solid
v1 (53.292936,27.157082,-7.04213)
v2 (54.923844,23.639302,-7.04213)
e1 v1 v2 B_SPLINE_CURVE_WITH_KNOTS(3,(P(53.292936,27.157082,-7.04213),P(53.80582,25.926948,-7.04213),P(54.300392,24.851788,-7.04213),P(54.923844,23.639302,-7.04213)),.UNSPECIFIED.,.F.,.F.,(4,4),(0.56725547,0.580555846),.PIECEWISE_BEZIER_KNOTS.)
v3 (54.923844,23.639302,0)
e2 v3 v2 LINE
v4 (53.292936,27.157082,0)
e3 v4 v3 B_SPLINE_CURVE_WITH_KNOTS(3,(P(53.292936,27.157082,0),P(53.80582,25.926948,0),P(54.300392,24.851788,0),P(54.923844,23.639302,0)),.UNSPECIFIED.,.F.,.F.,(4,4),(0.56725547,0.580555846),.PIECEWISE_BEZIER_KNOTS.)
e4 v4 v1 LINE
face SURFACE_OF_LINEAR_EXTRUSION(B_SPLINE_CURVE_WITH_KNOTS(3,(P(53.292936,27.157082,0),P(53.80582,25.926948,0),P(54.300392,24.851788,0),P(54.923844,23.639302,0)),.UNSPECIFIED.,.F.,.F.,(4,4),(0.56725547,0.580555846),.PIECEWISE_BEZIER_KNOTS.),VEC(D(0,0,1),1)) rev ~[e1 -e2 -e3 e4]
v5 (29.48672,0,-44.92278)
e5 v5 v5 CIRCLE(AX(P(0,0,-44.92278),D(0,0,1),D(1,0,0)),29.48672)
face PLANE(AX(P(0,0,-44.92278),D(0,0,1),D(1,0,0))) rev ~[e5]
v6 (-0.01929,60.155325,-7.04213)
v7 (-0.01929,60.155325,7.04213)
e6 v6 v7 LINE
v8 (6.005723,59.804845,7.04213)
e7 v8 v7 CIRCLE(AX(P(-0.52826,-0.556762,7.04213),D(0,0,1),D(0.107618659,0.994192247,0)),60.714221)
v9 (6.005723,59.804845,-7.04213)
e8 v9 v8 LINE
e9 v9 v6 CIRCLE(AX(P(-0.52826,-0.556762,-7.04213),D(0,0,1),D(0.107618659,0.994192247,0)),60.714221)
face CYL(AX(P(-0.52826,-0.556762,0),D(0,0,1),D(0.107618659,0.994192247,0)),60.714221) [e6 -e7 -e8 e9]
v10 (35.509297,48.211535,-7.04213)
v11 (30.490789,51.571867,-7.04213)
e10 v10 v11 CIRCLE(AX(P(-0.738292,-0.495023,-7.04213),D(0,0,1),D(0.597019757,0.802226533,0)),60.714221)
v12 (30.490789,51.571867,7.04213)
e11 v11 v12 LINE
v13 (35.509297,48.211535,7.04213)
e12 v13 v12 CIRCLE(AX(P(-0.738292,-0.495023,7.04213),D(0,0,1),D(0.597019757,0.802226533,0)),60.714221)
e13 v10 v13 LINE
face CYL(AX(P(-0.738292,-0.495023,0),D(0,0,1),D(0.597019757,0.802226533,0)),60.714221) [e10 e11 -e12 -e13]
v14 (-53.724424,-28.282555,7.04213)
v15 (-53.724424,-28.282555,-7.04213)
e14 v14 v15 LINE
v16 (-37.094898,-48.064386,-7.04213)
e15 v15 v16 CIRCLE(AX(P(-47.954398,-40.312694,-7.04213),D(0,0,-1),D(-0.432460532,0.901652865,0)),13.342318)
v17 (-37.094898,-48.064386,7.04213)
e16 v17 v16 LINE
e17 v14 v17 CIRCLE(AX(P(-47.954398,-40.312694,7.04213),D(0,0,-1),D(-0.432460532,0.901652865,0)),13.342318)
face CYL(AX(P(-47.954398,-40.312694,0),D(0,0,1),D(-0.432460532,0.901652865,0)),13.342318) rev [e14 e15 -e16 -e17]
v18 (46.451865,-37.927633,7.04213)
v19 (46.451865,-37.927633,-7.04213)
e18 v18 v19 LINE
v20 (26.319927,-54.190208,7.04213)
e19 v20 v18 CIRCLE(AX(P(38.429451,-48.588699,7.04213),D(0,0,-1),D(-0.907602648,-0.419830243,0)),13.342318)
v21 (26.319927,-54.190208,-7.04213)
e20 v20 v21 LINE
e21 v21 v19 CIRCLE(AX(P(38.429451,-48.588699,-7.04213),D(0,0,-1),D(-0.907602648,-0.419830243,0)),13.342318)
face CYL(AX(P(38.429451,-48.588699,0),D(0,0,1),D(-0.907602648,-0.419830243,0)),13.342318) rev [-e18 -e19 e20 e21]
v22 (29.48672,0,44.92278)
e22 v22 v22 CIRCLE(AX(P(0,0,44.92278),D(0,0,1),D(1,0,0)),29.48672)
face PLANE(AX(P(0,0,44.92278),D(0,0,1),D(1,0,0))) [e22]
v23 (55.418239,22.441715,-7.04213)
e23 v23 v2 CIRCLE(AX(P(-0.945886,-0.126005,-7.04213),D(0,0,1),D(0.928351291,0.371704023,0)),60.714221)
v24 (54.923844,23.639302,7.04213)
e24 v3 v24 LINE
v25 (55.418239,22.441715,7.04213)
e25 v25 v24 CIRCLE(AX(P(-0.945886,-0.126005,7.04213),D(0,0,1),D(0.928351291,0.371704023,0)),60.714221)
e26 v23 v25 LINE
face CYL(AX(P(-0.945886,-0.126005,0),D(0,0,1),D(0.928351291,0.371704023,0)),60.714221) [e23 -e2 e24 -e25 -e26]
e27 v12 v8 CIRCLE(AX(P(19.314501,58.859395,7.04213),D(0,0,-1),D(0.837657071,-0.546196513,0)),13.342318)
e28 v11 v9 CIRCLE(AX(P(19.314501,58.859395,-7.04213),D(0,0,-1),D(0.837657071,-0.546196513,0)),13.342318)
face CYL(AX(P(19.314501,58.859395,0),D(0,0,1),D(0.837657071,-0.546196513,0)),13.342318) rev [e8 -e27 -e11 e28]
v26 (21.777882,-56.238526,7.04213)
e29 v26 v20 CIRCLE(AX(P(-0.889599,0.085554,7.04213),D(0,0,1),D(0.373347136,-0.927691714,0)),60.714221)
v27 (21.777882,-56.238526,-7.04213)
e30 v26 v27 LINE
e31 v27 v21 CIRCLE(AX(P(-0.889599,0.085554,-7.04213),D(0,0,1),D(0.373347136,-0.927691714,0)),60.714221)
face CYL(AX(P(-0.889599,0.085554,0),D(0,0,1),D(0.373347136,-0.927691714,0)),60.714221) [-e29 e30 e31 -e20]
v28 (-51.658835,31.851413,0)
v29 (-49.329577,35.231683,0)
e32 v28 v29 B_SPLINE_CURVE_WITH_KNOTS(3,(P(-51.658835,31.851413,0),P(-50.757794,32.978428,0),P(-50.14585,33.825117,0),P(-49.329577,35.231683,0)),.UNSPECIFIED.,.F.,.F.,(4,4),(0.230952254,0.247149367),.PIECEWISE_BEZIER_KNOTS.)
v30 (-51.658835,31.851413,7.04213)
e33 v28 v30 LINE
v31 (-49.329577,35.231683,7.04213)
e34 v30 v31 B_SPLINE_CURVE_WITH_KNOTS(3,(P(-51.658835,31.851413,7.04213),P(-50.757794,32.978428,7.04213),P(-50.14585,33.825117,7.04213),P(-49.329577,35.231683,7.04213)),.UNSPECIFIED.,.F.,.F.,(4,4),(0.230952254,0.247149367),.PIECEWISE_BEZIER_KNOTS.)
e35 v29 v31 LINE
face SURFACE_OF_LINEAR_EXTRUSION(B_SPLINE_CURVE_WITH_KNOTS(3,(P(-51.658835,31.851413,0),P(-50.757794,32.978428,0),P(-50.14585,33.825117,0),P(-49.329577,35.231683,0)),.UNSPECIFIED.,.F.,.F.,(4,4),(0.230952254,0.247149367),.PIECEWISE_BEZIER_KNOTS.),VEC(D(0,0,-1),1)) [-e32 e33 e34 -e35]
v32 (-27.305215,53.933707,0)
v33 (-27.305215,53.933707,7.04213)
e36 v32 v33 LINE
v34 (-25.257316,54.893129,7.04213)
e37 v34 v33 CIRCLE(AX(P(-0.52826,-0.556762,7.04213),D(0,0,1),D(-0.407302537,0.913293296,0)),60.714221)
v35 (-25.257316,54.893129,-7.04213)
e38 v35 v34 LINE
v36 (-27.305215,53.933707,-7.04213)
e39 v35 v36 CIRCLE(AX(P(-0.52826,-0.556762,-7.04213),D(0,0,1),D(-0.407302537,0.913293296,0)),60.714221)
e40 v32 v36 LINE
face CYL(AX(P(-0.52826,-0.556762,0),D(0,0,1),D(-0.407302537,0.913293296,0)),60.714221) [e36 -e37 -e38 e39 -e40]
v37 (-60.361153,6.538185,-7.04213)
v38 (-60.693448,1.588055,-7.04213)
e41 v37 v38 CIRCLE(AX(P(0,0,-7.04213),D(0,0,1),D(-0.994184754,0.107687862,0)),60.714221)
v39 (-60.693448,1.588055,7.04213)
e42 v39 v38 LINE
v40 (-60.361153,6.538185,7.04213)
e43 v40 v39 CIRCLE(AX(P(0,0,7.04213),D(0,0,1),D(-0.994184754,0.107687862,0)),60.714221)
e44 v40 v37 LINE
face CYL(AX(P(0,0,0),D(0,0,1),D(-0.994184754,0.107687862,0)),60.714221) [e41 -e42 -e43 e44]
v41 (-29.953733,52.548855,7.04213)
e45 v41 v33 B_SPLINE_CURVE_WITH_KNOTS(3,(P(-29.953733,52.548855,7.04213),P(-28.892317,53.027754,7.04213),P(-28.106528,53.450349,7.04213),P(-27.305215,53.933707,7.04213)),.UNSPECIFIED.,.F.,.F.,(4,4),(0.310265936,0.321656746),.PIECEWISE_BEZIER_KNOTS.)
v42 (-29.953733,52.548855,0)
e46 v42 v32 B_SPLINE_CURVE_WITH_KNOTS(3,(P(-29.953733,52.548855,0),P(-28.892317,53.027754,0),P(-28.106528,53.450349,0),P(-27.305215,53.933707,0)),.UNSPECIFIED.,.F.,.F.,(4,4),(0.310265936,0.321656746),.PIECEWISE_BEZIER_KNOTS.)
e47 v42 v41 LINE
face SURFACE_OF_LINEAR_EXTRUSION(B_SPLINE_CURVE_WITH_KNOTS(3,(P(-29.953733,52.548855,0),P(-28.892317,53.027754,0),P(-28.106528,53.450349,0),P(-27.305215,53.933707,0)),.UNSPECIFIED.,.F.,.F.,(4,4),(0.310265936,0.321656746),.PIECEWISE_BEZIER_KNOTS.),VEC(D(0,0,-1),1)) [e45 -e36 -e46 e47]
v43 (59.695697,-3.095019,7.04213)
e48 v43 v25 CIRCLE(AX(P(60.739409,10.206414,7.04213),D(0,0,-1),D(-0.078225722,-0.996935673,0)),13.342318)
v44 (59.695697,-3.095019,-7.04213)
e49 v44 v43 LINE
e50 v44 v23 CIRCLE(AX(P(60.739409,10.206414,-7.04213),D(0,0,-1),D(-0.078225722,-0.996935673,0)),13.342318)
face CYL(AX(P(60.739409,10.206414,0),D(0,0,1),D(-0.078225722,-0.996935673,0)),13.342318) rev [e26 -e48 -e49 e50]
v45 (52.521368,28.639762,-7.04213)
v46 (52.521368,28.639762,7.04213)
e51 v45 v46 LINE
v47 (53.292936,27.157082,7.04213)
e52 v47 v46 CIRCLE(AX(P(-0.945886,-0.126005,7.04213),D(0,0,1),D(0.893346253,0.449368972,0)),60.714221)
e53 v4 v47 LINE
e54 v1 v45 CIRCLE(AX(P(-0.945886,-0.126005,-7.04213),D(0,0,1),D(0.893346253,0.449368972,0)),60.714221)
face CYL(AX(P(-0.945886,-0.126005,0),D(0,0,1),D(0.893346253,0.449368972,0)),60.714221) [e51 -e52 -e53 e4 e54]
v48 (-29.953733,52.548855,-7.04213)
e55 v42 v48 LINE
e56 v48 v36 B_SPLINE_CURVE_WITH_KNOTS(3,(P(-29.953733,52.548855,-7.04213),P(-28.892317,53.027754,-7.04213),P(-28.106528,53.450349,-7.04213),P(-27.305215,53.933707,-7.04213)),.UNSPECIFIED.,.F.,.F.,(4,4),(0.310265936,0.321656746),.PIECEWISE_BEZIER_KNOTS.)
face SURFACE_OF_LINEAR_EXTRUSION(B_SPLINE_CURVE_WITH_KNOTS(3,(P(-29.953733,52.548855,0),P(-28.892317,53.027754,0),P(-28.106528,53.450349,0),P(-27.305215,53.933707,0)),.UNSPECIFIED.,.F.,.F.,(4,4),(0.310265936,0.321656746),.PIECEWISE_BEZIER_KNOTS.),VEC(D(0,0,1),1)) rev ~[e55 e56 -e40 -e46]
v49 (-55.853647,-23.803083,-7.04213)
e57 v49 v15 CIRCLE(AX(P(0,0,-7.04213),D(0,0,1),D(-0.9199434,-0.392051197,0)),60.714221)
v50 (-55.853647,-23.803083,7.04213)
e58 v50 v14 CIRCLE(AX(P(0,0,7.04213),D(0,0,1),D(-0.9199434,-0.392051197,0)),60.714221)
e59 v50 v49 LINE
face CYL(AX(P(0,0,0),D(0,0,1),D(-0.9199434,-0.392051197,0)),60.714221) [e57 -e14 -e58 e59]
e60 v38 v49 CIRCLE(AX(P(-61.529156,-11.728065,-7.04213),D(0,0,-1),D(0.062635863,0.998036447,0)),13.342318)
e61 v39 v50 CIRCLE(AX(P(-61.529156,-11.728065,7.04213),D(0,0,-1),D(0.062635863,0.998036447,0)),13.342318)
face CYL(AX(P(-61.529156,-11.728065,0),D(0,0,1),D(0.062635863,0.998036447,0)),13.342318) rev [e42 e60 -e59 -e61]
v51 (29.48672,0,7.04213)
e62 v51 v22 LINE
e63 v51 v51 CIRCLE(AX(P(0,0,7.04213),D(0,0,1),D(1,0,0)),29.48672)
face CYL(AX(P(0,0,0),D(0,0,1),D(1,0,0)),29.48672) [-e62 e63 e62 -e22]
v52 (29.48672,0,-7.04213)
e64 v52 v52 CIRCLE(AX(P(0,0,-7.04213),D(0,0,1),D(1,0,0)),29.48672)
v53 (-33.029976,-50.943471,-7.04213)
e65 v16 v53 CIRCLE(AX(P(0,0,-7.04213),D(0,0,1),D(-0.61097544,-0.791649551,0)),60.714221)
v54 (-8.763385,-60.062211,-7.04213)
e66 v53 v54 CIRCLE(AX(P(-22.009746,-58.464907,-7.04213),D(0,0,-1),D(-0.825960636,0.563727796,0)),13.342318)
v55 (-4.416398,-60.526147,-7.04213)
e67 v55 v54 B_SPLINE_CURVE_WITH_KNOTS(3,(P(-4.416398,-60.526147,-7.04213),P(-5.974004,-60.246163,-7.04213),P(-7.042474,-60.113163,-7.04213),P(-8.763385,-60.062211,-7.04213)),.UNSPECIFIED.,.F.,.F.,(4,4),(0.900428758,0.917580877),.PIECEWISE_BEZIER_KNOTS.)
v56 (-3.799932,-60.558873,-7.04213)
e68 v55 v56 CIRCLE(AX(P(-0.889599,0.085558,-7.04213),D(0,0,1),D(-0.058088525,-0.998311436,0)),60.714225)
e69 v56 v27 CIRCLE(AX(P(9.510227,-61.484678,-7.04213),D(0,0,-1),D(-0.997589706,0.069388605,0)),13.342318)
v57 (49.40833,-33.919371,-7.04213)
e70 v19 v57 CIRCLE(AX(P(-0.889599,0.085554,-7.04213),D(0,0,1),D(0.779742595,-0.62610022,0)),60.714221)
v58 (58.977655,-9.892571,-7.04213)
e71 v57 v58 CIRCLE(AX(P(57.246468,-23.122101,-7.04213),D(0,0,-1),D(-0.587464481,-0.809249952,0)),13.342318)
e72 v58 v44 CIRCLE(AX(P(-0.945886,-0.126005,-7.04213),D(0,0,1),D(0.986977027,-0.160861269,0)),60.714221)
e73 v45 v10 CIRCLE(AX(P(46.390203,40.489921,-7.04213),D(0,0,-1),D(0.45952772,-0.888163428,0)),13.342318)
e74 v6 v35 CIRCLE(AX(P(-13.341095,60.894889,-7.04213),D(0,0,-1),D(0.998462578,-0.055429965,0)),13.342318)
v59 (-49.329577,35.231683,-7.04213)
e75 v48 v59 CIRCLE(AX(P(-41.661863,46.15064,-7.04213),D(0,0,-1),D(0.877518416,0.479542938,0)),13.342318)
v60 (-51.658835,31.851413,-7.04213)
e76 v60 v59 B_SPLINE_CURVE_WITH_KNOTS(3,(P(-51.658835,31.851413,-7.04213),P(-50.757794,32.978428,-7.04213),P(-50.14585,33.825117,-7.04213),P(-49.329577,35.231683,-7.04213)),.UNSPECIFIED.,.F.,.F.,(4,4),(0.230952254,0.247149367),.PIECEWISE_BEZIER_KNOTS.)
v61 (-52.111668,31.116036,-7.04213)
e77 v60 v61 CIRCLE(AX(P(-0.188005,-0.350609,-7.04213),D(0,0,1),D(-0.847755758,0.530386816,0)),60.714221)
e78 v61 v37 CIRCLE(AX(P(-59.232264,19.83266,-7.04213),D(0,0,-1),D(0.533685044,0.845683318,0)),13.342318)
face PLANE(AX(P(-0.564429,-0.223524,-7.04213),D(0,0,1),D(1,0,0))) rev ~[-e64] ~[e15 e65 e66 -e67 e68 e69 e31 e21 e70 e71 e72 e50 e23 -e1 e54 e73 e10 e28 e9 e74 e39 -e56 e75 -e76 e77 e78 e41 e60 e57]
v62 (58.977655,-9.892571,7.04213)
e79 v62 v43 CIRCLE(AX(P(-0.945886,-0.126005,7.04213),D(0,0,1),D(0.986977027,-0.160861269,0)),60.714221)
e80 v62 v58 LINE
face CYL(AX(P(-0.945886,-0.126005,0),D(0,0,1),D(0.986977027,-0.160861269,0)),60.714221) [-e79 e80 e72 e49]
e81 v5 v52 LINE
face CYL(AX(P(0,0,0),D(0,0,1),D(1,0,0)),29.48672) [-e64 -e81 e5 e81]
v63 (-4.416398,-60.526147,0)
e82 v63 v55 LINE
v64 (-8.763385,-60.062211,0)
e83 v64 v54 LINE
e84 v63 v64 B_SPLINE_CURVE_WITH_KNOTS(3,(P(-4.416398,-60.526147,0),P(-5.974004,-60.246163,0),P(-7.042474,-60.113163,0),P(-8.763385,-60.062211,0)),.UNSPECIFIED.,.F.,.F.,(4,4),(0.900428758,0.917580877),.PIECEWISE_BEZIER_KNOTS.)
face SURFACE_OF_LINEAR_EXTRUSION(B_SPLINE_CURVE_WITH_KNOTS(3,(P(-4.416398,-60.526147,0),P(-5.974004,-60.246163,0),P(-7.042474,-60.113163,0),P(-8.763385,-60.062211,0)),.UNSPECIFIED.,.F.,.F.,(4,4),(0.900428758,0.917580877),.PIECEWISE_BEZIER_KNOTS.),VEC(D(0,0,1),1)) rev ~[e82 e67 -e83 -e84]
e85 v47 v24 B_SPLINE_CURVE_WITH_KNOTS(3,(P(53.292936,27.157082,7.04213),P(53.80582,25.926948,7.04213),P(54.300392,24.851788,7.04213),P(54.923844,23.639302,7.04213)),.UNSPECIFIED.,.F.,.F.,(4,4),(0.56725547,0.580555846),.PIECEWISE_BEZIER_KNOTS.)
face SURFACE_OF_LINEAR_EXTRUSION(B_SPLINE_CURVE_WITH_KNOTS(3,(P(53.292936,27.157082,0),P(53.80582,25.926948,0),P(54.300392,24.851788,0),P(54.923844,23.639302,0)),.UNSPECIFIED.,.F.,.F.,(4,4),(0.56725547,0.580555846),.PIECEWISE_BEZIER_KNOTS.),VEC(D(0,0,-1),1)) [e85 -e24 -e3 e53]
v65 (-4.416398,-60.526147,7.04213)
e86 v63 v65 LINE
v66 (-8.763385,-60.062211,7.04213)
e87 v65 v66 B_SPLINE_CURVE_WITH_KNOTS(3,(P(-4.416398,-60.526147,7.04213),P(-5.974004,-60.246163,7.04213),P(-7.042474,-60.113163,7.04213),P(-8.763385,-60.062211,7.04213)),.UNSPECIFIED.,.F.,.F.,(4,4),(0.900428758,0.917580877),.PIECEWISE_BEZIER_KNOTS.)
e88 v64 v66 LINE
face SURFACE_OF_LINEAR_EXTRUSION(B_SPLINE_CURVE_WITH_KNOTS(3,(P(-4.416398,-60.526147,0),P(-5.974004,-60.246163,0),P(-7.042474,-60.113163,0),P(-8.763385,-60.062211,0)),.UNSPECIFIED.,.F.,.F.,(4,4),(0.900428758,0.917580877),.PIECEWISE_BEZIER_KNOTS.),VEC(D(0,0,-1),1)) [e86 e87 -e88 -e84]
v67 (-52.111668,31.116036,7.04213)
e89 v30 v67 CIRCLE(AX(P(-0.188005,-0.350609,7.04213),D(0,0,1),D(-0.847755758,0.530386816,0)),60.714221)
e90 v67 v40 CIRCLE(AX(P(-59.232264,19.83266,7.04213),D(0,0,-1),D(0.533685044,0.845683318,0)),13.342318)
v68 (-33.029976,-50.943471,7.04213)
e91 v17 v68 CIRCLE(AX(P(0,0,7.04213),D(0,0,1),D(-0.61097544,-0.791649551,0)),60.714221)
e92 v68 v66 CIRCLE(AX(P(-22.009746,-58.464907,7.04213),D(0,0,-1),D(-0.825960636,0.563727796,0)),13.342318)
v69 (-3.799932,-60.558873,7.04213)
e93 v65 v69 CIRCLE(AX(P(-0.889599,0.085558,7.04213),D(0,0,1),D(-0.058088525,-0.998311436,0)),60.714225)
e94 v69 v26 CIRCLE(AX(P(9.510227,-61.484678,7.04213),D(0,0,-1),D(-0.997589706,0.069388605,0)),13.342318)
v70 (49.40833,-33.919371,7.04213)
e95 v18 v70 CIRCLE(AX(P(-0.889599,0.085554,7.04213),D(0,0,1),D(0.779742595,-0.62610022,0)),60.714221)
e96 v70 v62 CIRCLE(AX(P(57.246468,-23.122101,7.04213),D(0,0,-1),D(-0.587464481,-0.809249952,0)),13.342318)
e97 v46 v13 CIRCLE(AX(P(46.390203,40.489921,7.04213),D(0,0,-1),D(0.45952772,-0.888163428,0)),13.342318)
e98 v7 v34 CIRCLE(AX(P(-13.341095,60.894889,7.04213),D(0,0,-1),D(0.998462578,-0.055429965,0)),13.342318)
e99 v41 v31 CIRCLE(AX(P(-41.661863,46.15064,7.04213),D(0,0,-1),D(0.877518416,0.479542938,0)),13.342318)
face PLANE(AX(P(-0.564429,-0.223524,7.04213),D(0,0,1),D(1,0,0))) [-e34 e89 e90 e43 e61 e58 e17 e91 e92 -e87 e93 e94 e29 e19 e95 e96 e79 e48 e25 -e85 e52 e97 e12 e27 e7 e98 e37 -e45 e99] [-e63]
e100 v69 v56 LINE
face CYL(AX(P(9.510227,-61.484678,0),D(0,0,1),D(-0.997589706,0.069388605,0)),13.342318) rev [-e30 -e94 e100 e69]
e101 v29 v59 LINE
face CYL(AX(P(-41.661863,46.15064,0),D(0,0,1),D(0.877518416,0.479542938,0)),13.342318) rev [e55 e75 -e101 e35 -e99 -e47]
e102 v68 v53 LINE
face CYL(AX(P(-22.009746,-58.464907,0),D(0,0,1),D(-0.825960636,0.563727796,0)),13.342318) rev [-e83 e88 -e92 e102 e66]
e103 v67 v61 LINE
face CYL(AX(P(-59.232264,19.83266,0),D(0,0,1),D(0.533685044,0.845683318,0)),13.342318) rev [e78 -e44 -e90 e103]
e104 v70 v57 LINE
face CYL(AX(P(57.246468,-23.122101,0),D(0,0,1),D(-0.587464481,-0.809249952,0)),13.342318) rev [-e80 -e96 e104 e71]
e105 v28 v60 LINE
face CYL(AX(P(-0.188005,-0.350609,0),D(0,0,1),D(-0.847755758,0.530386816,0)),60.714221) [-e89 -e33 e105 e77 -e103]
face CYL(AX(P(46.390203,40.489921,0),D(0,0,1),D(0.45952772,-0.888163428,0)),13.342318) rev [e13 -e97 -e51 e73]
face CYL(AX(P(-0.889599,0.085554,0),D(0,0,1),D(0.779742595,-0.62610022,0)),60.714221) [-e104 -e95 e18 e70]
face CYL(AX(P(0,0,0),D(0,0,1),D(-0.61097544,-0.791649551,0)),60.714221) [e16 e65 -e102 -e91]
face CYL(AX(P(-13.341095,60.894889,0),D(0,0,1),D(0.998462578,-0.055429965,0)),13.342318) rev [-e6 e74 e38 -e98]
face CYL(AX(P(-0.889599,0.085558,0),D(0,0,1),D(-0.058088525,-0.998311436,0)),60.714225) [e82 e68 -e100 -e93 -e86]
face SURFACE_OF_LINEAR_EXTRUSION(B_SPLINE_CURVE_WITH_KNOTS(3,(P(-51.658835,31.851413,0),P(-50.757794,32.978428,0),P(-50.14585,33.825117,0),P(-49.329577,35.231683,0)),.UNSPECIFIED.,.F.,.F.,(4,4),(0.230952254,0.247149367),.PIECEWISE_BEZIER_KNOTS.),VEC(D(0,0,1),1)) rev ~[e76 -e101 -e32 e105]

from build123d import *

# Parameters (mm, degrees)
F0_R     = 29.4867202457
F1_DEPTH = 44.92278
F2_DEPTH = 7.04213


with BuildPart() as f1:
    # F0 (on Top) → F1 (new body, symmetric)
    with BuildSketch(Plane.XY):
        Circle(F0_R)
    extrude(amount=F1_DEPTH, both=True)

    # F0 (on Top) → F2 (join, symmetric)
    with BuildSketch(Plane.XY):
        with BuildLine():
            ThreePointArc((58.9776550723, -9.892571349), (59.4324126191, -6.503908286), (59.6956966757, -3.0950194222))
            ThreePointArc((59.6956966757, -3.0950194222), (47.5804145974, 8.0022540128), (55.418239177, 22.4417153388))
            ThreePointArc((55.418239177, 22.4417153388), (55.1742364165, 23.0418276243), (54.9238444358, 23.639302275))
            add(Edge.make_bspline(
                [(53.2929355583, 27.1570821889), (53.8058195676, 25.9269481027), (54.3003921435, 24.8517876925), (54.9238444358, 23.639302275)],
                knots=[0.56725547, 0.56725547, 0.56725547, 0.56725547, 0.5805558461, 0.5805558461, 0.5805558461, 0.5805558461], degree=3))
            ThreePointArc((53.2929355583, 27.1570821889), (52.9122543312, 27.9010770996), (52.5213683223, 28.6397615734))
            ThreePointArc((52.5213683223, 28.6397615734), (36.3202680611, 31.7369861674), (35.5092968815, 48.2115354968))
            ThreePointArc((35.5092968815, 48.2115354968), (33.041852917, 49.9541430067), (30.4907886637, 51.5718672806))
            ThreePointArc((30.4907886637, 51.5718672806), (15.0621653902, 46.2128501868), (6.0057230515, 59.8048453491))
            ThreePointArc((6.0057230515, 59.8048453491), (2.9975743257, 60.0549948491), (-0.019289503, 60.1553251398))
            ThreePointArc((-0.019289503, 60.1553251398), (-10.617752375, 47.8334628697), (-25.257316082, 54.8931285501))
            ThreePointArc((-25.257316082, 54.8931285501), (-26.2857331385, 54.4229538448), (-27.3052152256, 53.9337073121))
            add(Edge.make_bspline(
                [(-29.953732976, 52.5488545273), (-28.8923171261, 53.027753523), (-28.1065277173, 53.4503486817), (-27.3052152256, 53.9337073121)],
                knots=[0.3102659362, 0.3102659362, 0.3102659362, 0.3102659362, 0.3216567456, 0.3216567456, 0.3216567456, 0.3216567456], degree=3))
            ThreePointArc((-29.953732976, 52.5488545273), (-32.7707242764, 36.2025190887), (-49.3295768829, 35.2316830501))
            add(Edge.make_bspline(
                [(-51.6588347941, 31.851412745), (-50.7577935832, 32.9784280667), (-50.1458504946, 33.8251168375), (-49.3295768829, 35.2316830501)],
                knots=[0.2309522539, 0.2309522539, 0.2309522539, 0.2309522539, 0.2471493666, 0.2471493666, 0.2471493666, 0.2471493666], degree=3))
            ThreePointArc((-51.6588347941, 31.851412745), (-51.8865590274, 31.4845293815), (-52.111668167, 31.1160356853))
            ThreePointArc((-52.111668167, 31.1160356853), (-46.5834367061, 15.587117528), (-60.3611525967, 6.5381846043))
            ThreePointArc((-60.3611525967, 6.5381846043), (-60.5778842036, 4.0665152318), (-60.6934484374, 1.5880546241))
            ThreePointArc((-60.6934484374, 1.5880546241), (-48.422804418, -9.2298651444), (-55.8536466484, -23.8030829263))
            ThreePointArc((-55.8536466484, -23.8030829263), (-54.8347954428, -26.0645700035), (-53.7244236832, -28.2825547048))
            ThreePointArc((-53.7244236832, -28.2825547048), (-37.7413718957, -31.7271503769), (-37.0948977225, -48.0643856059))
            ThreePointArc((-37.0948977225, -48.0643856059), (-35.0919757697, -49.5456338873), (-33.0299760267, -50.94347146))
            ThreePointArc((-33.0299760267, -50.94347146), (-17.3164779728, -45.97528387), (-8.7633854017, -60.0622110185))
            add(Edge.make_bspline(
                [(-4.4163983106, -60.5261470002), (-5.9740039259, -60.2461625978), (-7.0424737143, -60.1131629427), (-8.7633854017, -60.0622110185)],
                knots=[0.900428758, 0.900428758, 0.900428758, 0.900428758, 0.9175808775, 0.9175808775, 0.9175808775, 0.9175808775], degree=3))
            ThreePointArc((-4.4163983106, -60.5261470002), (-4.1082067122, -60.5432937216), (-3.7999319238, -60.5588733951))
            ThreePointArc((-3.7999319238, -60.5588733951), (7.2880538559, -48.3287137543), (21.7778816674, -56.238525603))
            ThreePointArc((21.7778816674, -56.238525603), (24.0699254466, -55.2609794344), (26.3199274171, -54.1902075958))
            ThreePointArc((26.3199274171, -54.1902075958), (30.0453022482, -38.2097051827), (46.4518652744, -37.9276330687))
            ThreePointArc((46.4518652744, -37.9276330687), (47.9712169388, -35.9538313565), (49.4083302814, -33.9193712512))
            ThreePointArc((49.4083302814, -33.9193712512), (44.8510864777, -18.1853037559), (58.9776550723, -9.892571349))
        make_face()
        Circle(F0_R, mode=Mode.SUBTRACT)
    extrude(amount=F2_DEPTH, both=True)


solid = f1.part
